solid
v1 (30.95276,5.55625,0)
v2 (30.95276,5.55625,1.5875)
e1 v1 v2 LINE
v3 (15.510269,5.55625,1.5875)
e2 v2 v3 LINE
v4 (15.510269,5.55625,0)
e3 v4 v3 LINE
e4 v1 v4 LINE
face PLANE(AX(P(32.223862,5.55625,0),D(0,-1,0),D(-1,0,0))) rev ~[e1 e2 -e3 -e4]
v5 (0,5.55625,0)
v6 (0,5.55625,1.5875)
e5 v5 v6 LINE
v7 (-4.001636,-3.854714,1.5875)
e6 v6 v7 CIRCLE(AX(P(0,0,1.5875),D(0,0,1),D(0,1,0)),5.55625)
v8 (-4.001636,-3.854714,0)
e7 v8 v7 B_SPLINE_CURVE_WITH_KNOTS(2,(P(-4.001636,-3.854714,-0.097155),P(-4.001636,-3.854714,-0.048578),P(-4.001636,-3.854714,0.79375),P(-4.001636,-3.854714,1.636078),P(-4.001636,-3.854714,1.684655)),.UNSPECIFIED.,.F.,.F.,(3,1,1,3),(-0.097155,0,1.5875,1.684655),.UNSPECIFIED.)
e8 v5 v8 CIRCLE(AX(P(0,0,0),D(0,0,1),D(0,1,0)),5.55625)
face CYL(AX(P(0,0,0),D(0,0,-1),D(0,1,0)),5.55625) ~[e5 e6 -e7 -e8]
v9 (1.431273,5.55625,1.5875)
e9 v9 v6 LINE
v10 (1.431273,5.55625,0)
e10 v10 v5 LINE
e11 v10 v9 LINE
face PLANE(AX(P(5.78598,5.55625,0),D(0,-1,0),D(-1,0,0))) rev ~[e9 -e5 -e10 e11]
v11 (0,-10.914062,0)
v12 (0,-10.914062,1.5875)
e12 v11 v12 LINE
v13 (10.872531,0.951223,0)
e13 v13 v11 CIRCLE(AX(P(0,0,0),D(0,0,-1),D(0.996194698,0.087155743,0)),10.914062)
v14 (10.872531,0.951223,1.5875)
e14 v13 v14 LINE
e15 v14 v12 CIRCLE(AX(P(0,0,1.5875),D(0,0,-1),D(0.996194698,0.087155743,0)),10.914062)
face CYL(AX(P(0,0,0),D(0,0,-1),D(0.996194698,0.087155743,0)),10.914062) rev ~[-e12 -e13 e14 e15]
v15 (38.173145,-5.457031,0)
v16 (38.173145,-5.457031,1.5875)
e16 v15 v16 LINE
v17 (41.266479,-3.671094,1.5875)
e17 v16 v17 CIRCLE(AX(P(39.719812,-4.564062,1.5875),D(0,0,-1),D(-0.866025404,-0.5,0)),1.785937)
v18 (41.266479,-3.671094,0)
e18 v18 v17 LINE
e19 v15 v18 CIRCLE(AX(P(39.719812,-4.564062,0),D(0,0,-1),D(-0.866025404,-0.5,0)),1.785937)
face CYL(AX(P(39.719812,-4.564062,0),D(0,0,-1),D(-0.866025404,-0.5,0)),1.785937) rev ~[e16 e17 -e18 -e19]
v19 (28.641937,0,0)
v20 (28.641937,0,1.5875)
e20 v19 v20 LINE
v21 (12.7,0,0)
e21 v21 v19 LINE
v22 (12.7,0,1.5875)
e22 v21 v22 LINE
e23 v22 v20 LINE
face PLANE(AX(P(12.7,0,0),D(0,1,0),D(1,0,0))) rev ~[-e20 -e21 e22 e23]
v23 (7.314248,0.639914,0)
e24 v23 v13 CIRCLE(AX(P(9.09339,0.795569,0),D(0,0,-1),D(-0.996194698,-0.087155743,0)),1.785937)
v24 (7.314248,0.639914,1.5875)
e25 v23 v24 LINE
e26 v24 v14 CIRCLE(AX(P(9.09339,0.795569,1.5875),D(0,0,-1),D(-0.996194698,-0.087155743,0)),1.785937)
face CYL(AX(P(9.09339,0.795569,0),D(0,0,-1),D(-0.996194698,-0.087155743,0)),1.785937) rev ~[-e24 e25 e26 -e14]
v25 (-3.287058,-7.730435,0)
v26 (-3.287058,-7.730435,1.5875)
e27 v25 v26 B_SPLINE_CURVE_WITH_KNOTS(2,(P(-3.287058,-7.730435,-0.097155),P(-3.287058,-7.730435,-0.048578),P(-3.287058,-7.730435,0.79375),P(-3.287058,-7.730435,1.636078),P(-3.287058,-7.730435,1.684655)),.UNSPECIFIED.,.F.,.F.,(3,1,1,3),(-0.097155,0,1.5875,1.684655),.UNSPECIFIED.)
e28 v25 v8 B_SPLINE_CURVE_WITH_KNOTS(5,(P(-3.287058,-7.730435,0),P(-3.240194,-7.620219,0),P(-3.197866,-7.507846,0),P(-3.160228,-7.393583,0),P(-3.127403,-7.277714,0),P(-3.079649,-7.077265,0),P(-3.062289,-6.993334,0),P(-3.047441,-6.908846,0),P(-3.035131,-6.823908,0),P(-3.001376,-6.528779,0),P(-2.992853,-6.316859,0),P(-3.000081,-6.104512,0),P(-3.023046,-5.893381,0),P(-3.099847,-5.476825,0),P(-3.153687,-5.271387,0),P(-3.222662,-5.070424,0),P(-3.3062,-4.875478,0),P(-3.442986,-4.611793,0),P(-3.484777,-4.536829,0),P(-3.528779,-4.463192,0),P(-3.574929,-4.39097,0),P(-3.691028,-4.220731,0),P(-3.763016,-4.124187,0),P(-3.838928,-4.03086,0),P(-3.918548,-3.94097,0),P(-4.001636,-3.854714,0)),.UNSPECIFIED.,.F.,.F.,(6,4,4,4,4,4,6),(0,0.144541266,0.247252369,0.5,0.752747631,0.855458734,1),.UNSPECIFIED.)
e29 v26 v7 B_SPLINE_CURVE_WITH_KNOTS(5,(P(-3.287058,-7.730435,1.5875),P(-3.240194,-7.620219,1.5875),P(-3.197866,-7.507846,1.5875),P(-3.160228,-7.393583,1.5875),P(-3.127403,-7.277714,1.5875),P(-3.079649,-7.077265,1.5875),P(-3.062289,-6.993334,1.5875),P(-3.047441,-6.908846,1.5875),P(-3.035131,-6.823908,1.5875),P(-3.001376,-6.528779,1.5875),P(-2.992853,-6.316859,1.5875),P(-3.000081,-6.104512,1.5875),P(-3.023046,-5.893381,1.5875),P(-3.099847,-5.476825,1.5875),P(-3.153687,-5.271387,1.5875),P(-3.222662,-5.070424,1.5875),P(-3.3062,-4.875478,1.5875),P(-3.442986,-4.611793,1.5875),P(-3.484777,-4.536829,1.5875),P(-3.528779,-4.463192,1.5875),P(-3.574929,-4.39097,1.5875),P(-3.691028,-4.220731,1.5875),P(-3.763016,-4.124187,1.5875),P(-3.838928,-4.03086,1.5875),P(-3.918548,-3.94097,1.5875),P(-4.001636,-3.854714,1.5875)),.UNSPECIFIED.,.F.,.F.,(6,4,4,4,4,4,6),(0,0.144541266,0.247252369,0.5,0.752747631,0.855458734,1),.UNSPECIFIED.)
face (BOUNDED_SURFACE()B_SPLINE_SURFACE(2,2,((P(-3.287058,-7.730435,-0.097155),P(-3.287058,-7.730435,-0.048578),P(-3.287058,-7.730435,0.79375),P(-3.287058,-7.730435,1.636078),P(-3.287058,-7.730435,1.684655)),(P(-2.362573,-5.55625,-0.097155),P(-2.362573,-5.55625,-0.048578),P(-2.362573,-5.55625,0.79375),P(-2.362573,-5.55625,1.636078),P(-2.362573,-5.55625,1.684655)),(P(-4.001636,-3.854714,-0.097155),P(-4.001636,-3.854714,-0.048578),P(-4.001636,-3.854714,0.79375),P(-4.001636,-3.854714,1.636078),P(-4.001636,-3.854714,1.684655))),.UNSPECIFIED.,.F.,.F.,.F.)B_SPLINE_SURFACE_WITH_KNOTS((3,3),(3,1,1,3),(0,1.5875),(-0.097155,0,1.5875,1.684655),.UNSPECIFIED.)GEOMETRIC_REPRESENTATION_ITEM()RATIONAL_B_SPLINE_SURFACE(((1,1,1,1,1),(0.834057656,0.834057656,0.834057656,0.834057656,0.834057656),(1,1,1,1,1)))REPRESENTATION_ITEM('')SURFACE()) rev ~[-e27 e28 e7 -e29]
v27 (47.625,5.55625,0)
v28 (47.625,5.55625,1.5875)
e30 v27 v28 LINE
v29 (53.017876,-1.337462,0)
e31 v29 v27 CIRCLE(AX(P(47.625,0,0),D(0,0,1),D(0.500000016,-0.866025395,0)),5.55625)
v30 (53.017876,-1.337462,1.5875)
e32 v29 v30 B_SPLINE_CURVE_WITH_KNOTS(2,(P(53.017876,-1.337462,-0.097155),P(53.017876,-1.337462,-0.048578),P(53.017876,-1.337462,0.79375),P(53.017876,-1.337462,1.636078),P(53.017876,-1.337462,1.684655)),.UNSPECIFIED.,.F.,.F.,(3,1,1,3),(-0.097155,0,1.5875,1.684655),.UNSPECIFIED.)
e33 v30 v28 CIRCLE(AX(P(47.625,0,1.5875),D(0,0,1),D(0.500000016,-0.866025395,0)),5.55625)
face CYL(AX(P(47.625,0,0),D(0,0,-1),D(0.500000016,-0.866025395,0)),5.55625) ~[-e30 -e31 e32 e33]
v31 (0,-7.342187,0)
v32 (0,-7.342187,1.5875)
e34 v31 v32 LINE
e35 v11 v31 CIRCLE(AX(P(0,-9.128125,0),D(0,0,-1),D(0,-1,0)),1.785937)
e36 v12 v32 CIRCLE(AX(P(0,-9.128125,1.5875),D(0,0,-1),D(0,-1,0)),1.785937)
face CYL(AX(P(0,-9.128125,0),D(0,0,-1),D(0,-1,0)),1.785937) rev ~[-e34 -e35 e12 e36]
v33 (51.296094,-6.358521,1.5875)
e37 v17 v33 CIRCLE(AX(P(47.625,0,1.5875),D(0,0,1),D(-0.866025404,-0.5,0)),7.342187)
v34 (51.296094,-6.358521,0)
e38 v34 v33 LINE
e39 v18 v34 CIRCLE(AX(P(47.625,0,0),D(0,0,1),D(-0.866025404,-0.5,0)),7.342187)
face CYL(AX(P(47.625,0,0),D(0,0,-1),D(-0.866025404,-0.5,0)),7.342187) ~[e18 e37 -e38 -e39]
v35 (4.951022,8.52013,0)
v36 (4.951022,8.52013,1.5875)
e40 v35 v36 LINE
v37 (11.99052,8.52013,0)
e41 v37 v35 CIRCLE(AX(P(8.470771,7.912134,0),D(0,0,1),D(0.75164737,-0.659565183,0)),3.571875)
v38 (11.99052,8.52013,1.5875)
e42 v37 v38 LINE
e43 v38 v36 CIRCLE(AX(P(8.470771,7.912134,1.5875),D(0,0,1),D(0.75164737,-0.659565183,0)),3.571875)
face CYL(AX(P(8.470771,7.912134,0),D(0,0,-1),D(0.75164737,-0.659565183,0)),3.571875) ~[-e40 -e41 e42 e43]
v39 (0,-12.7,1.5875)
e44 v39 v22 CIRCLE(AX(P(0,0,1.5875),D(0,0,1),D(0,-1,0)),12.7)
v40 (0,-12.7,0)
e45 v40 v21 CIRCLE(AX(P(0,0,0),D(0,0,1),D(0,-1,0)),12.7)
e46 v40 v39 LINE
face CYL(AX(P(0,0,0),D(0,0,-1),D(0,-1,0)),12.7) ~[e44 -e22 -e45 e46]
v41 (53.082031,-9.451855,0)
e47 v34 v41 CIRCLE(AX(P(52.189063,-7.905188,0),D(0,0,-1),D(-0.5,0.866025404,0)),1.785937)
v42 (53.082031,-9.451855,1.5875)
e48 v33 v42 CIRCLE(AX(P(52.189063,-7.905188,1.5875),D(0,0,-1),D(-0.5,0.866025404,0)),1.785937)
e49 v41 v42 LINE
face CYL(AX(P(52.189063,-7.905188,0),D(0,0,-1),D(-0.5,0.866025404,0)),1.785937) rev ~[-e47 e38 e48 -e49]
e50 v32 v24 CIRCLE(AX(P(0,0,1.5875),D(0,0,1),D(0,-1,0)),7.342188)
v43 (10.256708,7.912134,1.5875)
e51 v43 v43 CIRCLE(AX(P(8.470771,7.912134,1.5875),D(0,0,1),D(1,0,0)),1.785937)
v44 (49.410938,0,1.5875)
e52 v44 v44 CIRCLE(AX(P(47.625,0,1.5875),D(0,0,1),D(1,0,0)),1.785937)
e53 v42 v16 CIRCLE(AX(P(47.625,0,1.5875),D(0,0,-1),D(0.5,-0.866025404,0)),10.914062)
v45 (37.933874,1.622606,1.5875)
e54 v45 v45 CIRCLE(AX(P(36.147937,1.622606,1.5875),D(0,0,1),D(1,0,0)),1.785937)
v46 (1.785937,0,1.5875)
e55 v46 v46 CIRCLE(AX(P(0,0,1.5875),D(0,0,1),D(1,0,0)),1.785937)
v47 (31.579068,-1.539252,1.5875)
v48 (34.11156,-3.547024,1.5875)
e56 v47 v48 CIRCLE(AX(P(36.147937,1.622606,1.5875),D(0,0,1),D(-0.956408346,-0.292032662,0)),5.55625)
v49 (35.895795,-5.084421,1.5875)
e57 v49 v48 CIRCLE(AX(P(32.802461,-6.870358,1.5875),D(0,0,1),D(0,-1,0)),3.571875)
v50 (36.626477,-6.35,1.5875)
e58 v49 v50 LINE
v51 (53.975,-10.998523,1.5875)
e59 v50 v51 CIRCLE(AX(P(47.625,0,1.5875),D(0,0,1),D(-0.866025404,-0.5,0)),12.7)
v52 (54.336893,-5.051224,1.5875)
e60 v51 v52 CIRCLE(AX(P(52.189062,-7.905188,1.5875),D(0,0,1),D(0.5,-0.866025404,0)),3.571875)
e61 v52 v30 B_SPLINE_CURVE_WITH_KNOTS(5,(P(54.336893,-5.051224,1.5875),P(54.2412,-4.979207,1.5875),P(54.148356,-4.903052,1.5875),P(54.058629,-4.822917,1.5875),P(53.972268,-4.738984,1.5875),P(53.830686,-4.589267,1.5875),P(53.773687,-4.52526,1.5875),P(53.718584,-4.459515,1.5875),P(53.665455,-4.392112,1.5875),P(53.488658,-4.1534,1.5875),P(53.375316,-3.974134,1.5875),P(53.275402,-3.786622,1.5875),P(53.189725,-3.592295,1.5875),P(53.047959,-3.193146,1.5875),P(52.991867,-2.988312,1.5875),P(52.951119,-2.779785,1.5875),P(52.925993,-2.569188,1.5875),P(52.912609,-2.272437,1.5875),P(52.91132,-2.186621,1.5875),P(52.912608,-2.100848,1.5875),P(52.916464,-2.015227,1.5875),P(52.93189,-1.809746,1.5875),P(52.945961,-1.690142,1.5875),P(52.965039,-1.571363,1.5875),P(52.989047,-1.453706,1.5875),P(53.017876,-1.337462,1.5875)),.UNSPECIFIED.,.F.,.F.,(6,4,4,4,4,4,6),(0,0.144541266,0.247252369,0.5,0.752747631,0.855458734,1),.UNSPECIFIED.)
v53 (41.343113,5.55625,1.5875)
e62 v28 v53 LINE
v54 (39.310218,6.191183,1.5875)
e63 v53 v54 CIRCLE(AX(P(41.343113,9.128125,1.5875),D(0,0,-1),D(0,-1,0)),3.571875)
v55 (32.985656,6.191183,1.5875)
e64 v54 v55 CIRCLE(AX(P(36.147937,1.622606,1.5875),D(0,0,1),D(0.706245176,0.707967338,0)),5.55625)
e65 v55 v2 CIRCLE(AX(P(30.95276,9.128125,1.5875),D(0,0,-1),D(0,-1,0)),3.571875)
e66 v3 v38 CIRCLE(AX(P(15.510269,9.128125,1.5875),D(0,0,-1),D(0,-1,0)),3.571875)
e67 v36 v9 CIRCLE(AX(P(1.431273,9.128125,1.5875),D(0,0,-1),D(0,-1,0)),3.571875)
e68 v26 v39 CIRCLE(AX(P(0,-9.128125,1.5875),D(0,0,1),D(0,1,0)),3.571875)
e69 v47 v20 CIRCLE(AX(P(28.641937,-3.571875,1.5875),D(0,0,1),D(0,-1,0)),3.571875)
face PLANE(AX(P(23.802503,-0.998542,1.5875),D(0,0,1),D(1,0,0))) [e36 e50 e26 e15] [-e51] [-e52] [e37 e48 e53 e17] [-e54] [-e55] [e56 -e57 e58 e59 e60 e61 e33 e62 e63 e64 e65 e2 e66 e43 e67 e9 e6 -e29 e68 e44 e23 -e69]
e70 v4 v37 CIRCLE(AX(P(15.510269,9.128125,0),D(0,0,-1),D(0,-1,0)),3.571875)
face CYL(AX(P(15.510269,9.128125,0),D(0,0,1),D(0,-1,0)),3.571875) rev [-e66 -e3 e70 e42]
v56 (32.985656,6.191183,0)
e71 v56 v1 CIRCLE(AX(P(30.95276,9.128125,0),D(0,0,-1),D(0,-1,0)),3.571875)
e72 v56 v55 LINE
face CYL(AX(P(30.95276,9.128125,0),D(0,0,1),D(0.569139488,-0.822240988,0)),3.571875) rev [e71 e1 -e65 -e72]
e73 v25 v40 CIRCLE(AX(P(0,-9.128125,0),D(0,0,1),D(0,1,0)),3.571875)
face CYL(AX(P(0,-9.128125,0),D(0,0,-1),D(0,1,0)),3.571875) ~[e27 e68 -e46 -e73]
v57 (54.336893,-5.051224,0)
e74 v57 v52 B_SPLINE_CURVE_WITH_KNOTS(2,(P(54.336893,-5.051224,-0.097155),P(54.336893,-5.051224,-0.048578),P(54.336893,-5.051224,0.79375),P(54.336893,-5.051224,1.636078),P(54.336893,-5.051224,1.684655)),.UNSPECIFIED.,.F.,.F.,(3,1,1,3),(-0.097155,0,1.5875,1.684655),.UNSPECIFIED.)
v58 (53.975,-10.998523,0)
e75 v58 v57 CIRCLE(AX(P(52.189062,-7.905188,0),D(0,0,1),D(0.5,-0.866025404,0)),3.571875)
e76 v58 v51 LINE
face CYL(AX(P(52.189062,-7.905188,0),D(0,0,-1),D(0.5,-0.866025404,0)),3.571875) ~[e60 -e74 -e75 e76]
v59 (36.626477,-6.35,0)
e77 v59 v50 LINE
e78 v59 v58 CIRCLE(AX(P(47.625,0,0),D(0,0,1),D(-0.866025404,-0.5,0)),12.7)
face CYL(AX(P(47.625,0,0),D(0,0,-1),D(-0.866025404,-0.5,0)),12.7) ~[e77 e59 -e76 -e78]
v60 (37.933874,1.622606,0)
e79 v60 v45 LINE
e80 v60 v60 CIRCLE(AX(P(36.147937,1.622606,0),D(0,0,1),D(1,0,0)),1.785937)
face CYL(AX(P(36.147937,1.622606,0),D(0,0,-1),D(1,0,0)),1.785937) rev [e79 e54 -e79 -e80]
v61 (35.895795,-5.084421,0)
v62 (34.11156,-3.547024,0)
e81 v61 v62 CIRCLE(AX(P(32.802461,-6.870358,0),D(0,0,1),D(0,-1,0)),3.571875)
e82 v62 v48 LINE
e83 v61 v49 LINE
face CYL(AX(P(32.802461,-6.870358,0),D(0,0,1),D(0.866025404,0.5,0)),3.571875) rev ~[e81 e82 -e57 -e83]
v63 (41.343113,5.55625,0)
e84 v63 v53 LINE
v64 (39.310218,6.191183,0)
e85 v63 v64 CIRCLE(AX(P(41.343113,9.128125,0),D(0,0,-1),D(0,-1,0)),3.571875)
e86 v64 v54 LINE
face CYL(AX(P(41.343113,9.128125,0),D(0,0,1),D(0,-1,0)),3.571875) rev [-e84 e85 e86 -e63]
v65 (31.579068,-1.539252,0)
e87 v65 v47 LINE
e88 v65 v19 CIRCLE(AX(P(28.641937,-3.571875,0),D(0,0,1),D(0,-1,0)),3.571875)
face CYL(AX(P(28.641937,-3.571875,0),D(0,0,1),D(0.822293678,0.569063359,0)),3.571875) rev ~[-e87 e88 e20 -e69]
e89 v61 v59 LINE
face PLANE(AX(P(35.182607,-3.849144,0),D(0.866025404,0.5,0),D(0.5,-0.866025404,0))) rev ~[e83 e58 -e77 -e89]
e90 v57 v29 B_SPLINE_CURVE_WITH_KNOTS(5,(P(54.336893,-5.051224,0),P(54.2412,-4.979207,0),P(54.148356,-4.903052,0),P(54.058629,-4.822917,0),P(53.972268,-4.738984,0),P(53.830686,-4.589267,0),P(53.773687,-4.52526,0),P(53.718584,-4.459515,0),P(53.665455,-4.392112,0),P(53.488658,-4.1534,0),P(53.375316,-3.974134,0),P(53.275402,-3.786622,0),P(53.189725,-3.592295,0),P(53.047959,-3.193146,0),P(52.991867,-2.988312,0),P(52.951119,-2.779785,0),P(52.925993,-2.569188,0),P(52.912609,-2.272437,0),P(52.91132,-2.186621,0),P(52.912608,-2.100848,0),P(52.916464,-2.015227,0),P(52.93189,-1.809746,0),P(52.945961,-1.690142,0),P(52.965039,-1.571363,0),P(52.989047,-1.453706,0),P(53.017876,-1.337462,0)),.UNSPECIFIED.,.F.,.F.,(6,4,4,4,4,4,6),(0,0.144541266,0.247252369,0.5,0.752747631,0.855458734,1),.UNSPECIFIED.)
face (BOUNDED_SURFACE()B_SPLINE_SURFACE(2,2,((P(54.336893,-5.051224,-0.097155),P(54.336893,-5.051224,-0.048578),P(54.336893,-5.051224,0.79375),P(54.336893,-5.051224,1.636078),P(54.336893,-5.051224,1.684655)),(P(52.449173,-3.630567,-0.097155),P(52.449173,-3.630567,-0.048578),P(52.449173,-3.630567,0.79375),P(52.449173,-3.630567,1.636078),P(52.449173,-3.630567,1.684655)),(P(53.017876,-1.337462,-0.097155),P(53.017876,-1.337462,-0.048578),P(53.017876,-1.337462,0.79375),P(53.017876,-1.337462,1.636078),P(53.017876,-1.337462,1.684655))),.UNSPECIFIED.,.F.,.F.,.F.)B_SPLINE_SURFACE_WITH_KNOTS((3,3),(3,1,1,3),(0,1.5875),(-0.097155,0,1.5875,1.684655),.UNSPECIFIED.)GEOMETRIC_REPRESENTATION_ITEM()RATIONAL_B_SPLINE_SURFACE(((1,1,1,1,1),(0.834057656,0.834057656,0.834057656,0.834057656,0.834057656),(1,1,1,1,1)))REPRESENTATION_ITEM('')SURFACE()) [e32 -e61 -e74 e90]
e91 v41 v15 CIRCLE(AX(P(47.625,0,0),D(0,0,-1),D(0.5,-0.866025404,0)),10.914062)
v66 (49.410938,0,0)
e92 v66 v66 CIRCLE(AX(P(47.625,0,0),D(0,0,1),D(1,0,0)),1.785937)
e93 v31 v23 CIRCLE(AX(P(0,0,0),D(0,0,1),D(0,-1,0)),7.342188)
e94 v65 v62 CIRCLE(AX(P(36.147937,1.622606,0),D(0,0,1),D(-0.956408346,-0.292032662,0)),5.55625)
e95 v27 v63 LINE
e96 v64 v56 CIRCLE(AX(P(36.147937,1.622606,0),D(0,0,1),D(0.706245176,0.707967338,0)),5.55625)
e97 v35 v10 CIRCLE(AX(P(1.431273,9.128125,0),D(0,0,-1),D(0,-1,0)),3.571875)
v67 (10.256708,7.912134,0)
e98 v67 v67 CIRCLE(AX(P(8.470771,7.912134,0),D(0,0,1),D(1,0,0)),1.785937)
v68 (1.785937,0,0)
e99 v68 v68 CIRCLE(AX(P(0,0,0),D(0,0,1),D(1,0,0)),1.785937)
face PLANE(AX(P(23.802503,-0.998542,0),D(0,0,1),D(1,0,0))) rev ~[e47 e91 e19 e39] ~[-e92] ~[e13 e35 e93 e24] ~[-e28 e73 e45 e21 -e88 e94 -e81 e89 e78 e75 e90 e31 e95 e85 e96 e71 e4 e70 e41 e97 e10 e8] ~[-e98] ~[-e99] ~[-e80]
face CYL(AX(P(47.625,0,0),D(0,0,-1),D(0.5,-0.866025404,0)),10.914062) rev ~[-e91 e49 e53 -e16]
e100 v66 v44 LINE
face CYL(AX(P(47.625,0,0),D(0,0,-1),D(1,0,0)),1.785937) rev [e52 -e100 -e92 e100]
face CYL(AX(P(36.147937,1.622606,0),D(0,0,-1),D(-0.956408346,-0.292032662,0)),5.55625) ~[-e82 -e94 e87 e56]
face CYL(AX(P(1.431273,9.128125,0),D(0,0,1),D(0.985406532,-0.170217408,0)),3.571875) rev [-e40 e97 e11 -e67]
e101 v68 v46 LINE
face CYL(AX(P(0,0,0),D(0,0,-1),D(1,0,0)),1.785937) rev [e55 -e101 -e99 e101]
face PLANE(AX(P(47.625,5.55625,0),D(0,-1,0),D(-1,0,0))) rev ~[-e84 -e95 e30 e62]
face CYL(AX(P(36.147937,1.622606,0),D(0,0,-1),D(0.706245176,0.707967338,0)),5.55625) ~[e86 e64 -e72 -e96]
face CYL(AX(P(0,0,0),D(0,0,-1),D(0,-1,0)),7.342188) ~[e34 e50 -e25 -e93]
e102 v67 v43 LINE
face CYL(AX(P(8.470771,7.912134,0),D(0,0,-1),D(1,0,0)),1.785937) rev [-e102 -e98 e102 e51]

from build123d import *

# Parameters (mm, degrees)
SKETCH1_R           = 1.7859375
BOSS_EXTRUDE1_DEPTH = 1.5875
FILLET1_R           = 3.571875


with BuildPart() as part:
    # Sketch1 → Boss-Extrude1 (new body)
    with BuildSketch(Plane.XY):
        with BuildLine():
            ThreePointArc((53.975, -10.998522628), (55.282397014, -6.119250683), (50.403125088, -4.811853599))
            ThreePointArc((50.403125088, -4.811853599), (52.991925359, 1.438063368), (47.625, 5.55625))
            Line((47.625, 5.55625), (40.072011619, 5.55625))
            ThreePointArc((40.072011619, 5.55625), (36.147936861, 7.178856478), (32.223862103, 5.55625))
            Line((32.223862103, 5.55625), (11.155561342, 5.55625))
            ThreePointArc((11.155561342, 5.55625), (8.470770891, 11.484009389), (5.785980441, 5.55625))
            Line((5.785980441, 5.55625), (0, 5.55625))
            ThreePointArc((0, 5.55625), (-5.55625, 0), (0, -5.55625))
            ThreePointArc((0, -5.55625), (-3.571875, -9.128125), (0, -12.7))
            ThreePointArc((0, -12.7), (8.980256121, -8.980256121), (12.7, 0))
            Line((12.7, 0), (30.833892989, 0))
            ThreePointArc((30.833892989, 0), (32.465327803, -2.537958939), (35.182607485, -3.849143997))
            Line((35.182607485, -3.849143997), (36.626477372, -6.35))
            ThreePointArc((36.626477372, -6.35), (44.337998127, -12.267257994), (53.975, -10.998522628))
        make_face()
        with BuildLine():
            ThreePointArc((0, -10.9140625), (-1.7859375, -9.128125), (0, -7.3421875))
            ThreePointArc((0, -7.3421875), (5.413228446, -4.960309977), (7.31424826, 0.639913805))
            ThreePointArc((7.31424826, 0.639913805), (8.937735019, 2.574709983), (10.872531197, 0.951223224))
            ThreePointArc((10.872531197, 0.951223224), (8.046690934, -7.37343375), (0, -10.9140625))
        make_face(mode=Mode.SUBTRACT)
        with BuildLine():
            ThreePointArc((51.29609375, -6.358520894), (53.735729745, -7.012219389), (53.08203125, -9.451855383))
            ThreePointArc((53.08203125, -9.451855383), (44.800232766, -10.542174838), (38.173144617, -5.45703125))
            ThreePointArc((38.173144617, -5.45703125), (38.826843111, -3.017395255), (41.266479106, -3.67109375))
            ThreePointArc((41.266479106, -3.67109375), (45.724702042, -7.092008528), (51.29609375, -6.358520894))
        make_face(mode=Mode.SUBTRACT)
        Circle(SKETCH1_R, mode=Mode.SUBTRACT)
        with Locations((8.470770891, 7.912134389)):
            Circle(SKETCH1_R, mode=Mode.SUBTRACT)
        with Locations((36.147936861, 1.622606478)):
            Circle(SKETCH1_R, mode=Mode.SUBTRACT)
        with Locations((47.625, 0)):
            Circle(SKETCH1_R, mode=Mode.SUBTRACT)
    extrude(amount=BOSS_EXTRUDE1_DEPTH)

    # Fillet1
    fillet1_edges = [part.edges().sort_by_distance(p)[0] for p in [
        (5.785980441, 5.55625, 0.79375),
        (11.155561342, 5.55625, 0.79375),
        (32.223862103, 5.55625, 0.79375),
        (40.072011619, 5.55625, 0.79375),
        (50.403125088, -4.811853599, 0.79375),
        (35.182607485, -3.849143997, 0.79375),
        (30.833892989, 0, 0.79375),
        (0, -5.55625, 0.79375),
    ]]
    fillet(fillet1_edges, radius=FILLET1_R)


solid = part.part
